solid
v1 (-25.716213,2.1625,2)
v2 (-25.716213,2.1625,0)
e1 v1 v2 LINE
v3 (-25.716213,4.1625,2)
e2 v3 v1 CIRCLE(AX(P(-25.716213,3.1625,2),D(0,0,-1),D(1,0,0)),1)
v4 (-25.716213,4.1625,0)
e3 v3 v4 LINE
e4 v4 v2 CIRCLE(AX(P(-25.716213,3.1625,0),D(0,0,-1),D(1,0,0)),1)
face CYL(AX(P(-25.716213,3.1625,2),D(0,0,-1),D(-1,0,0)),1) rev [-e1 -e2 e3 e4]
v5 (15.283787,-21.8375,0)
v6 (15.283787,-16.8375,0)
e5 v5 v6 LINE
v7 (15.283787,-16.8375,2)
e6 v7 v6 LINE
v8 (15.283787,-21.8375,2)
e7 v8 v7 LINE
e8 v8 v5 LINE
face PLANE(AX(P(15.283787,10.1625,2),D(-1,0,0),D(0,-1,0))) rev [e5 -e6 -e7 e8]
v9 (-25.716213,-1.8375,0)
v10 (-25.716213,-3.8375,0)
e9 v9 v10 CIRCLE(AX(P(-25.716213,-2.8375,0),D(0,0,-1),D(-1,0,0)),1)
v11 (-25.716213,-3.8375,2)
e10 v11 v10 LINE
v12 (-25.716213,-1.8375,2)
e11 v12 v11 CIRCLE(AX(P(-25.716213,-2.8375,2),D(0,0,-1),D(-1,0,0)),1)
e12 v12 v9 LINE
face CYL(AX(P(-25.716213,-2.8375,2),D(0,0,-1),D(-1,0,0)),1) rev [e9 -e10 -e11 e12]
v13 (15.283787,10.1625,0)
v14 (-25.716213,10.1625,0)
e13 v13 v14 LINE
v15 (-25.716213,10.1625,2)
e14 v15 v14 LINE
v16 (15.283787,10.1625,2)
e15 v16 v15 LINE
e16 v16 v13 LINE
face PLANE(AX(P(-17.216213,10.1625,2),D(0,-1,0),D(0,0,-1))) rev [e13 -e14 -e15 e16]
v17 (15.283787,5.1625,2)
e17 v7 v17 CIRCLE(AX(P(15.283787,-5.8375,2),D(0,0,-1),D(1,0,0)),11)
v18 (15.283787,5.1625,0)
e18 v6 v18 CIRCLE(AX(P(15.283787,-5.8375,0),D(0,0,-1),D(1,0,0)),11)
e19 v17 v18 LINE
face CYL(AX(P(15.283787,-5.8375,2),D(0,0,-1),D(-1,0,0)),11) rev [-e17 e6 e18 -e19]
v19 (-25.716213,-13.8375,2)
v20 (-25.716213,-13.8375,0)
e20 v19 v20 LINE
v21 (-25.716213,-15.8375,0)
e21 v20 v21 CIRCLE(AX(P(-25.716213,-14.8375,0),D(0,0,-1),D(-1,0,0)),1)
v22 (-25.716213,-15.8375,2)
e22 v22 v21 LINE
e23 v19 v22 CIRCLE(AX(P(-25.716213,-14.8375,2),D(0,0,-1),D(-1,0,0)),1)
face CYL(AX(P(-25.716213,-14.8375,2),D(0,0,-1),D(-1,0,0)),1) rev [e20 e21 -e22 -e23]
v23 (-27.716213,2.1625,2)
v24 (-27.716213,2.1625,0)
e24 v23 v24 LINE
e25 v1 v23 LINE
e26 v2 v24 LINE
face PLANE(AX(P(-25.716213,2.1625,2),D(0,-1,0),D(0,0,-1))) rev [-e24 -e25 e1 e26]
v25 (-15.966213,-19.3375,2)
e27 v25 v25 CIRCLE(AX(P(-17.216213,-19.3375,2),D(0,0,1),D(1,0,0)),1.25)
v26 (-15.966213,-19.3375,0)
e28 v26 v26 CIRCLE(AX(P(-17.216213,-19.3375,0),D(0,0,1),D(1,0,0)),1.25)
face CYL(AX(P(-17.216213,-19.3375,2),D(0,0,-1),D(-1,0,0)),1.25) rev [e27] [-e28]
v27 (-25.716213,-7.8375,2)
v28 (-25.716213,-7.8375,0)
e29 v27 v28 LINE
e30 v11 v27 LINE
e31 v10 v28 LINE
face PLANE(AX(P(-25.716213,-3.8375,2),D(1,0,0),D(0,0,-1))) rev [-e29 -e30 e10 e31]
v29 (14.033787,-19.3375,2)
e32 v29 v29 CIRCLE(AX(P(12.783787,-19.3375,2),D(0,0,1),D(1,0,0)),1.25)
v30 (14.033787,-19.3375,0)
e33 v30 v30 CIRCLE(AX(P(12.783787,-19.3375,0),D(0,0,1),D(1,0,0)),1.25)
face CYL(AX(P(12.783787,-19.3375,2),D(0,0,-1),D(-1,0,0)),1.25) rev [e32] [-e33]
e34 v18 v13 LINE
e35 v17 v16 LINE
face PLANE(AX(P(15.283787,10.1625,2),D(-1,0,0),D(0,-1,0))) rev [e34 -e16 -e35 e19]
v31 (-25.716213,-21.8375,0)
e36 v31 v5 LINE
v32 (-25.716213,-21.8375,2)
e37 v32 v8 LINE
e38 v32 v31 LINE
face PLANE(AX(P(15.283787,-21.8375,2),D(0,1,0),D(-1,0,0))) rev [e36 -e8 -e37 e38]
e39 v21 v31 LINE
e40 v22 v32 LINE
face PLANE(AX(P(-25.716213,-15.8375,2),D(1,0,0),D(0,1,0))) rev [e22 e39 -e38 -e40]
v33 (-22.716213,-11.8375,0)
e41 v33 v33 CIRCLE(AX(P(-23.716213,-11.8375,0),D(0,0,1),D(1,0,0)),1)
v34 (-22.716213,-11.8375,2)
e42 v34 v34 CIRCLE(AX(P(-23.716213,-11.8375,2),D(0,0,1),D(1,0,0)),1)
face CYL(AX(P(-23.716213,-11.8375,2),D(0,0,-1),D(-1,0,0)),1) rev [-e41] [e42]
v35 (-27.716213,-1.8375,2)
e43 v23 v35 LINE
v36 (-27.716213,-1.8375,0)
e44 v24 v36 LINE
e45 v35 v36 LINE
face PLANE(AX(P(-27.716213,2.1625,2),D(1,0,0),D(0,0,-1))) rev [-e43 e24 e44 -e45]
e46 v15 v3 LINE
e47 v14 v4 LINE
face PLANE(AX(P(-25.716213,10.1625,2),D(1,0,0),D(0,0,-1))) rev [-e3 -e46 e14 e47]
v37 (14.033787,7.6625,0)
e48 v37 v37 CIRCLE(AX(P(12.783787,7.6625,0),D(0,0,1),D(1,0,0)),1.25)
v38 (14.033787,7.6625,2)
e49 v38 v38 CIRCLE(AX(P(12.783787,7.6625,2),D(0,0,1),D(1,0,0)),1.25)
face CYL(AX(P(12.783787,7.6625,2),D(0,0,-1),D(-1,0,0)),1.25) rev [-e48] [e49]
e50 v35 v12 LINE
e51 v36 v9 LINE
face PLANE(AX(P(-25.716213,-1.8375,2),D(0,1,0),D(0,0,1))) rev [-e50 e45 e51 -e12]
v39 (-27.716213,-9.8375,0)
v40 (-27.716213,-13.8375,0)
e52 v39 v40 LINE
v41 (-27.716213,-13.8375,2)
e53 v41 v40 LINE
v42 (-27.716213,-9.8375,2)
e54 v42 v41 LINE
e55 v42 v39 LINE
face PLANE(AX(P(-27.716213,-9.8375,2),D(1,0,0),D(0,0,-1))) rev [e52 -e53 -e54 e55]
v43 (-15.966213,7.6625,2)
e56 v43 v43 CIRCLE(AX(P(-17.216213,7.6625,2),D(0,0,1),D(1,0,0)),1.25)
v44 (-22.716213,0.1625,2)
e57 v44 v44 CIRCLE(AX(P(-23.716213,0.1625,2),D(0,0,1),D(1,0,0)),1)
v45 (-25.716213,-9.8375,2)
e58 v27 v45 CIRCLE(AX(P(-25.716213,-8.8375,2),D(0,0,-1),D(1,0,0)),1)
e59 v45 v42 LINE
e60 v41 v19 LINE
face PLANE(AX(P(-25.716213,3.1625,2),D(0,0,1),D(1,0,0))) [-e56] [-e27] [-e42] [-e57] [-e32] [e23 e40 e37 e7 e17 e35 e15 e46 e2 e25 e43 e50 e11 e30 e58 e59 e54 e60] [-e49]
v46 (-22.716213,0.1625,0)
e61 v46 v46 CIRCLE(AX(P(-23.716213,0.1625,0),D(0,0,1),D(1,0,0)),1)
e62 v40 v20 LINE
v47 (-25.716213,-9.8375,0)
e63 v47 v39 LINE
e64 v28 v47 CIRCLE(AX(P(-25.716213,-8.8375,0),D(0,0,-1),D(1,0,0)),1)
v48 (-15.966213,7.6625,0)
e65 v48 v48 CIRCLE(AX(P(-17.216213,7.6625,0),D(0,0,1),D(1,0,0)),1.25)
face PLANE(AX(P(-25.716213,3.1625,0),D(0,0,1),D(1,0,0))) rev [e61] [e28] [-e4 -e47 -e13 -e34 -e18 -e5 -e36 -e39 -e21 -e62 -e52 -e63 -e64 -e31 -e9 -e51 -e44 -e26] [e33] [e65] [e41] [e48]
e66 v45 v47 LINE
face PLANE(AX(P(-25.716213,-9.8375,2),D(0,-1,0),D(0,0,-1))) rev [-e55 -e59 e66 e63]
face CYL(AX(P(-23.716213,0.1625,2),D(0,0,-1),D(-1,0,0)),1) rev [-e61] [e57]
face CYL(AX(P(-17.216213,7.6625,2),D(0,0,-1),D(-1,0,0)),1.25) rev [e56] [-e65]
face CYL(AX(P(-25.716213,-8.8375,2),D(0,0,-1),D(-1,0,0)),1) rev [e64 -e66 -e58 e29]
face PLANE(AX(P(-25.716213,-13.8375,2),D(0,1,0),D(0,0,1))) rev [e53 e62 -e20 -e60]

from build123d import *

# Parameters (mm, degrees)
SKETCH_1_R          = 1.25
SKETCH_1_R_2        = 1
EXTRUDE_1_DEPTH     = 2
CUT_EXTRUDE_1_DEPTH = 2


with BuildPart() as part:
    # 草圖1 → 填料-伸長1 (new body)
    with BuildSketch(Plane.XY):
        with BuildLine():
            Line((-17.216213198, 10.1625), (15.283786802, 10.1625))
            Line((15.283786802, 10.1625), (15.283786802, -21.8375))
            Line((15.283786802, -21.8375), (-17.216213198, -21.8375))
            Line((-17.216213198, -21.8375), (-19.716213198, -21.8375))
            Line((-19.716213198, -21.8375), (-25.716213198, -21.8375))
            Line((-25.716213198, -21.8375), (-25.716213198, -15.8375))
            ThreePointArc((-25.716213198, -15.8375), (-24.716213198, -14.8375), (-25.716213198, -13.8375))
            Line((-25.716213198, -13.8375), (-27.716213198, -13.8375))
            Line((-27.716213198, -13.8375), (-27.716213198, -9.8375))
            Line((-27.716213198, -9.8375), (-25.716213198, -9.8375))
            ThreePointArc((-25.716213198, -9.8375), (-24.716213198, -8.8375), (-25.716213198, -7.8375))
            Line((-25.716213198, -7.8375), (-25.716213198, -3.8375))
            ThreePointArc((-25.716213198, -3.8375), (-24.716213198, -2.8375), (-25.716213198, -1.8375))
            Line((-25.716213198, -1.8375), (-27.716213198, -1.8375))
            Line((-27.716213198, -1.8375), (-27.716213198, 2.1625))
            Line((-27.716213198, 2.1625), (-25.716213198, 2.1625))
            ThreePointArc((-25.716213198, 2.1625), (-24.716213198, 3.1625), (-25.716213198, 4.1625))
            Line((-25.716213198, 4.1625), (-25.716213198, 10.1625))
            Line((-25.716213198, 10.1625), (-19.716213198, 10.1625))
            Line((-19.716213198, 10.1625), (-17.216213198, 10.1625))
        make_face()
        with Locations((-17.216213198, 7.6625)):
            Circle(SKETCH_1_R, mode=Mode.SUBTRACT)
        with Locations((-17.216213198, -19.3375)):
            Circle(SKETCH_1_R, mode=Mode.SUBTRACT)
        with Locations((12.783786802, -19.3375)):
            Circle(SKETCH_1_R, mode=Mode.SUBTRACT)
        with Locations((12.783786802, 7.6625)):
            Circle(SKETCH_1_R, mode=Mode.SUBTRACT)
        with Locations((-23.716213198, -11.8375)):
            Circle(SKETCH_1_R_2, mode=Mode.SUBTRACT)
        with Locations((-23.716213198, 0.1625)):
            Circle(SKETCH_1_R_2, mode=Mode.SUBTRACT)
    extrude(amount=EXTRUDE_1_DEPTH)

    # 草圖4 → 除料-伸長1 (cut)
    with BuildSketch(Plane(origin=(0, 0, 0), x_dir=(-1, 0, 0), z_dir=(0, 0, -1))):
        with BuildLine():
            Line((-15.283786802, -16.8375), (-15.283786802, 5.1625))
            ThreePointArc((-15.283786802, 5.1625), (-4.283786802, -5.8375), (-15.283786802, -16.8375))
        make_face()
    extrude(amount=-CUT_EXTRUDE_1_DEPTH, mode=Mode.SUBTRACT)


solid = part.part
